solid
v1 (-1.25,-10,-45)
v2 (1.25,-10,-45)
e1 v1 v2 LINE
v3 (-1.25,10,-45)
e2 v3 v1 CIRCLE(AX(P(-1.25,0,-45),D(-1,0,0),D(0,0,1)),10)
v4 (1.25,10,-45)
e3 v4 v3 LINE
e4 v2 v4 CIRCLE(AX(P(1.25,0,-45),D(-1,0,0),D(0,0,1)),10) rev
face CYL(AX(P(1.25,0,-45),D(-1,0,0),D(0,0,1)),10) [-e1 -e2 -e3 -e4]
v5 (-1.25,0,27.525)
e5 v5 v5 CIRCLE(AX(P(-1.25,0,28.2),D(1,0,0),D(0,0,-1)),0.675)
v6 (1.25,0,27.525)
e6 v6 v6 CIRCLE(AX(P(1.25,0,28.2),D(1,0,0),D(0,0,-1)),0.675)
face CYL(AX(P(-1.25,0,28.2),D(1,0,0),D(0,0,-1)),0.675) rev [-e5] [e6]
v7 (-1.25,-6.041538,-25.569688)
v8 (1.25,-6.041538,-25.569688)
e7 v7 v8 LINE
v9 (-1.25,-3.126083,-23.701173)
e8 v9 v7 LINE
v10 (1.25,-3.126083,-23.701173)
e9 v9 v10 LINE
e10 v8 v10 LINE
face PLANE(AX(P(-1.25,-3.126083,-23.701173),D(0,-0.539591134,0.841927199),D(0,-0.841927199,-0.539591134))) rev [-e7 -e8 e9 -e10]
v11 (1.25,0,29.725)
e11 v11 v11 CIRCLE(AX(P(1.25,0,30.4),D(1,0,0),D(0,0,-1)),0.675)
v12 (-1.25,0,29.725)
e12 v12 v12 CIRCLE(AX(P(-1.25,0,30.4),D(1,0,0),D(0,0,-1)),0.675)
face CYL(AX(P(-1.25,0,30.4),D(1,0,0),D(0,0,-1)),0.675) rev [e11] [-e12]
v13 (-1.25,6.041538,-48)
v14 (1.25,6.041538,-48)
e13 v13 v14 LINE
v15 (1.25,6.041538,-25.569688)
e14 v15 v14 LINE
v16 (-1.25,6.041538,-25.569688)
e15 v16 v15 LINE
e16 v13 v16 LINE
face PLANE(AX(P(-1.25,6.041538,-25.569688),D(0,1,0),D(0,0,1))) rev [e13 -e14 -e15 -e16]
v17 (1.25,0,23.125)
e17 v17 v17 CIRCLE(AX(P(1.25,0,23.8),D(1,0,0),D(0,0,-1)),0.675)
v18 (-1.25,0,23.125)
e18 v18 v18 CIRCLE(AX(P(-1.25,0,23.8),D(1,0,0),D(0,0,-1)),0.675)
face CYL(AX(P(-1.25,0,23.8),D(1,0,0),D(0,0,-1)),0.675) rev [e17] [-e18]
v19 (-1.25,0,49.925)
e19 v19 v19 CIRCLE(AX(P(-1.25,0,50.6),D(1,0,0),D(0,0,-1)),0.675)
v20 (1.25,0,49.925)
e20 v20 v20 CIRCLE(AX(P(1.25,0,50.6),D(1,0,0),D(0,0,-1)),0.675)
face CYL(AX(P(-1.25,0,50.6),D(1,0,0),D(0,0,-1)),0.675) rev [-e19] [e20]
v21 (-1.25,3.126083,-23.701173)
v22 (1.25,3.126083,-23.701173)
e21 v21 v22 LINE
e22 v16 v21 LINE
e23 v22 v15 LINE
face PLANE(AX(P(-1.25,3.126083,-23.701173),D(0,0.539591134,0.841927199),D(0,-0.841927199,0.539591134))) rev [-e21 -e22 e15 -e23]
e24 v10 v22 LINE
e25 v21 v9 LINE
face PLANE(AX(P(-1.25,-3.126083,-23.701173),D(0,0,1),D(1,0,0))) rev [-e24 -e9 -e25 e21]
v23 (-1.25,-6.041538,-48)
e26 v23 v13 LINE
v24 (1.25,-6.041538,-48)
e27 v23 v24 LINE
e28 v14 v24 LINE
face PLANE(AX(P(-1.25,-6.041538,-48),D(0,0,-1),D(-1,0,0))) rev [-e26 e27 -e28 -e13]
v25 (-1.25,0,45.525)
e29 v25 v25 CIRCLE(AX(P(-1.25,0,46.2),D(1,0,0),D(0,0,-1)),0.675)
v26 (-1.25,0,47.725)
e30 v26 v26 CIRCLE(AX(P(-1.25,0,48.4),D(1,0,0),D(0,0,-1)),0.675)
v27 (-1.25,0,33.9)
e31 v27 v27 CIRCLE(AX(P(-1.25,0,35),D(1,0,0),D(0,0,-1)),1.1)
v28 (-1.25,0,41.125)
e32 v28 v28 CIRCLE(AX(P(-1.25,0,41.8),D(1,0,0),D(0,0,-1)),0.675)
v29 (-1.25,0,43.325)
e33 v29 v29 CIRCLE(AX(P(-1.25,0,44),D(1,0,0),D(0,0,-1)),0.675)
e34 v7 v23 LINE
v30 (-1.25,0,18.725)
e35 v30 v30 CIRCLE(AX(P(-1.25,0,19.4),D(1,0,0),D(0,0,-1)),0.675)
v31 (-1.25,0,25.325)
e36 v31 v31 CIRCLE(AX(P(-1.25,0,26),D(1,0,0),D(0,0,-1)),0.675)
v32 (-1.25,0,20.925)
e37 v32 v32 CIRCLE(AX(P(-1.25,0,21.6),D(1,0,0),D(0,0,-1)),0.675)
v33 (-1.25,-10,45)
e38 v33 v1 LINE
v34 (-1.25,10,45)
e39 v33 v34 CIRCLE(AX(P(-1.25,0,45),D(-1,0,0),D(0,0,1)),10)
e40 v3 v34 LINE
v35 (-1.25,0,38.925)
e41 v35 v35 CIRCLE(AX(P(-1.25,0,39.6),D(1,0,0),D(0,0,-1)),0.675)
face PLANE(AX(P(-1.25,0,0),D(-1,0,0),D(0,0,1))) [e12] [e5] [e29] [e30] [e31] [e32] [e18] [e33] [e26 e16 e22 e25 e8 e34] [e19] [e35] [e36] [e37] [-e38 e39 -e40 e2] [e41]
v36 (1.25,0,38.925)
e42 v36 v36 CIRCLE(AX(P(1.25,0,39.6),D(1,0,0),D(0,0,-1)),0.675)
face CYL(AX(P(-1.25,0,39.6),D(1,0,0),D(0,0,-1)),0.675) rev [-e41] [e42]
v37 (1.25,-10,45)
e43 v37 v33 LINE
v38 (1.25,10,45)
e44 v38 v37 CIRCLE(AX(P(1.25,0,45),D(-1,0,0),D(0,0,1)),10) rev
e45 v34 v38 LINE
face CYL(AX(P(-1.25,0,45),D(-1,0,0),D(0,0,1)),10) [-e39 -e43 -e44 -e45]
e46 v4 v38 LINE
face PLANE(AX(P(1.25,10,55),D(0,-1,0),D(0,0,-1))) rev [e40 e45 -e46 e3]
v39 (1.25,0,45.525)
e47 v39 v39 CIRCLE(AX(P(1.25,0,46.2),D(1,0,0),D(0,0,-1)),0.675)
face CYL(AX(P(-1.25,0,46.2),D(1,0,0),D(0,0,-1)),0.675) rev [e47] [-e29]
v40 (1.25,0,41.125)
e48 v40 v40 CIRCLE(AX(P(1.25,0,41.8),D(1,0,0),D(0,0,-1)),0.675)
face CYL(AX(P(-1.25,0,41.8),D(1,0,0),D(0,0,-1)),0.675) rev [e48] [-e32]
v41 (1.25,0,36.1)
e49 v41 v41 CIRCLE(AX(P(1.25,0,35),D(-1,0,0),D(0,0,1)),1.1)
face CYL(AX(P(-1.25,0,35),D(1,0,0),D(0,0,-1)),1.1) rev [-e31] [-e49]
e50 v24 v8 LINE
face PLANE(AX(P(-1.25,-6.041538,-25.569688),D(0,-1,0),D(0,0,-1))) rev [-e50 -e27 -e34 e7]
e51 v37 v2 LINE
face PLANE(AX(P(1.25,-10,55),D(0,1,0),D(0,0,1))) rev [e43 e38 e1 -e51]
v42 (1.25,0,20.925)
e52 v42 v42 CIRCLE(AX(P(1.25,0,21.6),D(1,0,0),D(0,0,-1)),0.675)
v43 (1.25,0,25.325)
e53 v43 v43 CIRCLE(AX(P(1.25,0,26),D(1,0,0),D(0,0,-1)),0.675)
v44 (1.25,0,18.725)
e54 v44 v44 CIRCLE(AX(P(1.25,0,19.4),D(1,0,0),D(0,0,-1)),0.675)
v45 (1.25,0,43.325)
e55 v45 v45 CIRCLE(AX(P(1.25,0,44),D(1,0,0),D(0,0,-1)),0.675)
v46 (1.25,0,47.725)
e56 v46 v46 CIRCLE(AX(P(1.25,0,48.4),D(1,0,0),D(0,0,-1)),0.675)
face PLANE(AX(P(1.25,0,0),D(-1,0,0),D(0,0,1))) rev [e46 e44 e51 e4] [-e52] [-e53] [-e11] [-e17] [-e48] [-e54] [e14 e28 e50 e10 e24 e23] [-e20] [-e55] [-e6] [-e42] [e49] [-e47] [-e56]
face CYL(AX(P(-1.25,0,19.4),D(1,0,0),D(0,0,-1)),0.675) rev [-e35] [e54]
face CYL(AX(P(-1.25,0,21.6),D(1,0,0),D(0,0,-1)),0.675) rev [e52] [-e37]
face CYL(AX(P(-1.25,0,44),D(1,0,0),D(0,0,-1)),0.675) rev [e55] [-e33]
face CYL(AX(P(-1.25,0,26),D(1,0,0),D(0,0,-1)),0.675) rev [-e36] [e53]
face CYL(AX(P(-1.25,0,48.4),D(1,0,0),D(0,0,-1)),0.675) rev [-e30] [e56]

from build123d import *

# Parameters (mm, degrees)
SKETCH1_W               = 110
SKETCH1_H               = 20
BOSS_EXTRUDE1_DEPTH     = 1.25
CUT_EXTRUDE1_DEPTH      = 56.957573214
CUT_EXTRUDE1_DEPTH_BACK = 56.957573214
SKETCH2_R               = 1.1
CUT_EXTRUDE2_DEPTH      = 56.957573214
CUT_EXTRUDE2_DEPTH_BACK = 56.957573214
SKETCH3_R               = 0.675
CUT_EXTRUDE3_DEPTH      = 56.957573214
CUT_EXTRUDE3_DEPTH_BACK = 56.957573214
FILLET2_RADIUS          = 10
FILLET2_LENGTH          = 2.5
FILLET3_RADIUS          = 10
FILLET3_LENGTH          = 2.5


with BuildPart() as part:
    # Sketch1 → Boss-Extrude1 (new, symmetric)
    with BuildSketch(Plane(origin=(0, 0, 0), x_dir=(0, 0, -1), z_dir=(1, 0, 0))):
        Rectangle(SKETCH1_W, SKETCH1_H)
    extrude(amount=BOSS_EXTRUDE1_DEPTH, both=True)

    # Sketch2 → Cut-Extrude1 (cut, two sides: drawn at the far end of the back side and taken through both)
    with BuildSketch(Plane(origin=(1.25, 0, 0), x_dir=(0, 0, -1), z_dir=(1, 0, 0)).offset(-CUT_EXTRUDE1_DEPTH_BACK)):
        with Locations((-35, 0)):
            Circle(SKETCH2_R)
    extrude(amount=CUT_EXTRUDE1_DEPTH + CUT_EXTRUDE1_DEPTH_BACK, mode=Mode.SUBTRACT)

    # Sketch3 → Cut-Extrude2 (cut, two sides: drawn at the far end of the back side and taken through both)
    with BuildSketch(Plane(origin=(1.25, 0, 0), x_dir=(0, 0, -1), z_dir=(1, 0, 0)).offset(-CUT_EXTRUDE2_DEPTH_BACK)):
        with Locations((-50.6, 0)):
            Circle(SKETCH3_R)
        with Locations((-48.4, 0)):
            Circle(SKETCH3_R)
        with Locations((-46.2, 0)):
            Circle(SKETCH3_R)
        with Locations((-44, 0)):
            Circle(SKETCH3_R)
        with Locations((-41.8, 0)):
            Circle(SKETCH3_R)
        with Locations((-39.6, 0)):
            Circle(SKETCH3_R)
        with Locations((-30.4, 0)):
            Circle(SKETCH3_R)
        with Locations((-28.2, 0)):
            Circle(SKETCH3_R)
        with Locations((-26, 0)):
            Circle(SKETCH3_R)
        with Locations((-23.8, 0)):
            Circle(SKETCH3_R)
        with Locations((-21.6, 0)):
            Circle(SKETCH3_R)
        with Locations((-19.4, 0)):
            Circle(SKETCH3_R)
    extrude(amount=CUT_EXTRUDE2_DEPTH + CUT_EXTRUDE2_DEPTH_BACK, mode=Mode.SUBTRACT)

    # Sketch4 → Cut-Extrude3 (cut, two sides: drawn at the far end of the back side and taken through both)
    with BuildSketch(Plane(origin=(1.25, 0, 0), x_dir=(0, 0, -1), z_dir=(1, 0, 0)).offset(-CUT_EXTRUDE3_DEPTH_BACK)):
        Polygon((25.569688234, -6.041537935), (48, -6.041537935), (48, 6.041537935), (25.569688234, 6.041537935), (23.701172911, 3.12608256), (23.701172911, -3.12608256), align=None)
    extrude(amount=CUT_EXTRUDE3_DEPTH + CUT_EXTRUDE3_DEPTH_BACK, mode=Mode.SUBTRACT)

    # Fillet2: full round fillet: the end face becomes a half cylinder, R = half its width
    fillet2_face = Plane((0, 0, -55), x_dir=(-1, 0, 0), z_dir=(0, 0, -1))  # on the end face: x along it, z out of the body
    fillet2_slab = fillet2_face.offset(-FILLET2_RADIUS / 2) * Box(FILLET2_LENGTH, 2 * FILLET2_RADIUS, FILLET2_RADIUS, mode=Mode.PRIVATE)  # the body's end, R deep
    fillet2_round = Plane((0, 0, -45), x_dir=(0, 0, -1), z_dir=(-1, 0, 0)) * Cylinder(FILLET2_RADIUS, FILLET2_LENGTH, mode=Mode.PRIVATE)  # its axis R under the face
    add(fillet2_slab - fillet2_round, mode=Mode.SUBTRACT)

    # Fillet3: full round fillet: the end face becomes a half cylinder, R = half its width
    fillet3_face = Plane((0, 0, 55), x_dir=(1, 0, 0), z_dir=(0, 0, 1))  # on the end face: x along it, z out of the body
    fillet3_slab = fillet3_face.offset(-FILLET3_RADIUS / 2) * Box(FILLET3_LENGTH, 2 * FILLET3_RADIUS, FILLET3_RADIUS, mode=Mode.PRIVATE)  # the body's end, R deep
    fillet3_round = Plane((0, 0, 45), x_dir=(0, 0, 1), z_dir=(1, 0, 0)) * Cylinder(FILLET3_RADIUS, FILLET3_LENGTH, mode=Mode.PRIVATE)  # its axis R under the face
    add(fillet3_slab - fillet3_round, mode=Mode.SUBTRACT)


solid = part.part
